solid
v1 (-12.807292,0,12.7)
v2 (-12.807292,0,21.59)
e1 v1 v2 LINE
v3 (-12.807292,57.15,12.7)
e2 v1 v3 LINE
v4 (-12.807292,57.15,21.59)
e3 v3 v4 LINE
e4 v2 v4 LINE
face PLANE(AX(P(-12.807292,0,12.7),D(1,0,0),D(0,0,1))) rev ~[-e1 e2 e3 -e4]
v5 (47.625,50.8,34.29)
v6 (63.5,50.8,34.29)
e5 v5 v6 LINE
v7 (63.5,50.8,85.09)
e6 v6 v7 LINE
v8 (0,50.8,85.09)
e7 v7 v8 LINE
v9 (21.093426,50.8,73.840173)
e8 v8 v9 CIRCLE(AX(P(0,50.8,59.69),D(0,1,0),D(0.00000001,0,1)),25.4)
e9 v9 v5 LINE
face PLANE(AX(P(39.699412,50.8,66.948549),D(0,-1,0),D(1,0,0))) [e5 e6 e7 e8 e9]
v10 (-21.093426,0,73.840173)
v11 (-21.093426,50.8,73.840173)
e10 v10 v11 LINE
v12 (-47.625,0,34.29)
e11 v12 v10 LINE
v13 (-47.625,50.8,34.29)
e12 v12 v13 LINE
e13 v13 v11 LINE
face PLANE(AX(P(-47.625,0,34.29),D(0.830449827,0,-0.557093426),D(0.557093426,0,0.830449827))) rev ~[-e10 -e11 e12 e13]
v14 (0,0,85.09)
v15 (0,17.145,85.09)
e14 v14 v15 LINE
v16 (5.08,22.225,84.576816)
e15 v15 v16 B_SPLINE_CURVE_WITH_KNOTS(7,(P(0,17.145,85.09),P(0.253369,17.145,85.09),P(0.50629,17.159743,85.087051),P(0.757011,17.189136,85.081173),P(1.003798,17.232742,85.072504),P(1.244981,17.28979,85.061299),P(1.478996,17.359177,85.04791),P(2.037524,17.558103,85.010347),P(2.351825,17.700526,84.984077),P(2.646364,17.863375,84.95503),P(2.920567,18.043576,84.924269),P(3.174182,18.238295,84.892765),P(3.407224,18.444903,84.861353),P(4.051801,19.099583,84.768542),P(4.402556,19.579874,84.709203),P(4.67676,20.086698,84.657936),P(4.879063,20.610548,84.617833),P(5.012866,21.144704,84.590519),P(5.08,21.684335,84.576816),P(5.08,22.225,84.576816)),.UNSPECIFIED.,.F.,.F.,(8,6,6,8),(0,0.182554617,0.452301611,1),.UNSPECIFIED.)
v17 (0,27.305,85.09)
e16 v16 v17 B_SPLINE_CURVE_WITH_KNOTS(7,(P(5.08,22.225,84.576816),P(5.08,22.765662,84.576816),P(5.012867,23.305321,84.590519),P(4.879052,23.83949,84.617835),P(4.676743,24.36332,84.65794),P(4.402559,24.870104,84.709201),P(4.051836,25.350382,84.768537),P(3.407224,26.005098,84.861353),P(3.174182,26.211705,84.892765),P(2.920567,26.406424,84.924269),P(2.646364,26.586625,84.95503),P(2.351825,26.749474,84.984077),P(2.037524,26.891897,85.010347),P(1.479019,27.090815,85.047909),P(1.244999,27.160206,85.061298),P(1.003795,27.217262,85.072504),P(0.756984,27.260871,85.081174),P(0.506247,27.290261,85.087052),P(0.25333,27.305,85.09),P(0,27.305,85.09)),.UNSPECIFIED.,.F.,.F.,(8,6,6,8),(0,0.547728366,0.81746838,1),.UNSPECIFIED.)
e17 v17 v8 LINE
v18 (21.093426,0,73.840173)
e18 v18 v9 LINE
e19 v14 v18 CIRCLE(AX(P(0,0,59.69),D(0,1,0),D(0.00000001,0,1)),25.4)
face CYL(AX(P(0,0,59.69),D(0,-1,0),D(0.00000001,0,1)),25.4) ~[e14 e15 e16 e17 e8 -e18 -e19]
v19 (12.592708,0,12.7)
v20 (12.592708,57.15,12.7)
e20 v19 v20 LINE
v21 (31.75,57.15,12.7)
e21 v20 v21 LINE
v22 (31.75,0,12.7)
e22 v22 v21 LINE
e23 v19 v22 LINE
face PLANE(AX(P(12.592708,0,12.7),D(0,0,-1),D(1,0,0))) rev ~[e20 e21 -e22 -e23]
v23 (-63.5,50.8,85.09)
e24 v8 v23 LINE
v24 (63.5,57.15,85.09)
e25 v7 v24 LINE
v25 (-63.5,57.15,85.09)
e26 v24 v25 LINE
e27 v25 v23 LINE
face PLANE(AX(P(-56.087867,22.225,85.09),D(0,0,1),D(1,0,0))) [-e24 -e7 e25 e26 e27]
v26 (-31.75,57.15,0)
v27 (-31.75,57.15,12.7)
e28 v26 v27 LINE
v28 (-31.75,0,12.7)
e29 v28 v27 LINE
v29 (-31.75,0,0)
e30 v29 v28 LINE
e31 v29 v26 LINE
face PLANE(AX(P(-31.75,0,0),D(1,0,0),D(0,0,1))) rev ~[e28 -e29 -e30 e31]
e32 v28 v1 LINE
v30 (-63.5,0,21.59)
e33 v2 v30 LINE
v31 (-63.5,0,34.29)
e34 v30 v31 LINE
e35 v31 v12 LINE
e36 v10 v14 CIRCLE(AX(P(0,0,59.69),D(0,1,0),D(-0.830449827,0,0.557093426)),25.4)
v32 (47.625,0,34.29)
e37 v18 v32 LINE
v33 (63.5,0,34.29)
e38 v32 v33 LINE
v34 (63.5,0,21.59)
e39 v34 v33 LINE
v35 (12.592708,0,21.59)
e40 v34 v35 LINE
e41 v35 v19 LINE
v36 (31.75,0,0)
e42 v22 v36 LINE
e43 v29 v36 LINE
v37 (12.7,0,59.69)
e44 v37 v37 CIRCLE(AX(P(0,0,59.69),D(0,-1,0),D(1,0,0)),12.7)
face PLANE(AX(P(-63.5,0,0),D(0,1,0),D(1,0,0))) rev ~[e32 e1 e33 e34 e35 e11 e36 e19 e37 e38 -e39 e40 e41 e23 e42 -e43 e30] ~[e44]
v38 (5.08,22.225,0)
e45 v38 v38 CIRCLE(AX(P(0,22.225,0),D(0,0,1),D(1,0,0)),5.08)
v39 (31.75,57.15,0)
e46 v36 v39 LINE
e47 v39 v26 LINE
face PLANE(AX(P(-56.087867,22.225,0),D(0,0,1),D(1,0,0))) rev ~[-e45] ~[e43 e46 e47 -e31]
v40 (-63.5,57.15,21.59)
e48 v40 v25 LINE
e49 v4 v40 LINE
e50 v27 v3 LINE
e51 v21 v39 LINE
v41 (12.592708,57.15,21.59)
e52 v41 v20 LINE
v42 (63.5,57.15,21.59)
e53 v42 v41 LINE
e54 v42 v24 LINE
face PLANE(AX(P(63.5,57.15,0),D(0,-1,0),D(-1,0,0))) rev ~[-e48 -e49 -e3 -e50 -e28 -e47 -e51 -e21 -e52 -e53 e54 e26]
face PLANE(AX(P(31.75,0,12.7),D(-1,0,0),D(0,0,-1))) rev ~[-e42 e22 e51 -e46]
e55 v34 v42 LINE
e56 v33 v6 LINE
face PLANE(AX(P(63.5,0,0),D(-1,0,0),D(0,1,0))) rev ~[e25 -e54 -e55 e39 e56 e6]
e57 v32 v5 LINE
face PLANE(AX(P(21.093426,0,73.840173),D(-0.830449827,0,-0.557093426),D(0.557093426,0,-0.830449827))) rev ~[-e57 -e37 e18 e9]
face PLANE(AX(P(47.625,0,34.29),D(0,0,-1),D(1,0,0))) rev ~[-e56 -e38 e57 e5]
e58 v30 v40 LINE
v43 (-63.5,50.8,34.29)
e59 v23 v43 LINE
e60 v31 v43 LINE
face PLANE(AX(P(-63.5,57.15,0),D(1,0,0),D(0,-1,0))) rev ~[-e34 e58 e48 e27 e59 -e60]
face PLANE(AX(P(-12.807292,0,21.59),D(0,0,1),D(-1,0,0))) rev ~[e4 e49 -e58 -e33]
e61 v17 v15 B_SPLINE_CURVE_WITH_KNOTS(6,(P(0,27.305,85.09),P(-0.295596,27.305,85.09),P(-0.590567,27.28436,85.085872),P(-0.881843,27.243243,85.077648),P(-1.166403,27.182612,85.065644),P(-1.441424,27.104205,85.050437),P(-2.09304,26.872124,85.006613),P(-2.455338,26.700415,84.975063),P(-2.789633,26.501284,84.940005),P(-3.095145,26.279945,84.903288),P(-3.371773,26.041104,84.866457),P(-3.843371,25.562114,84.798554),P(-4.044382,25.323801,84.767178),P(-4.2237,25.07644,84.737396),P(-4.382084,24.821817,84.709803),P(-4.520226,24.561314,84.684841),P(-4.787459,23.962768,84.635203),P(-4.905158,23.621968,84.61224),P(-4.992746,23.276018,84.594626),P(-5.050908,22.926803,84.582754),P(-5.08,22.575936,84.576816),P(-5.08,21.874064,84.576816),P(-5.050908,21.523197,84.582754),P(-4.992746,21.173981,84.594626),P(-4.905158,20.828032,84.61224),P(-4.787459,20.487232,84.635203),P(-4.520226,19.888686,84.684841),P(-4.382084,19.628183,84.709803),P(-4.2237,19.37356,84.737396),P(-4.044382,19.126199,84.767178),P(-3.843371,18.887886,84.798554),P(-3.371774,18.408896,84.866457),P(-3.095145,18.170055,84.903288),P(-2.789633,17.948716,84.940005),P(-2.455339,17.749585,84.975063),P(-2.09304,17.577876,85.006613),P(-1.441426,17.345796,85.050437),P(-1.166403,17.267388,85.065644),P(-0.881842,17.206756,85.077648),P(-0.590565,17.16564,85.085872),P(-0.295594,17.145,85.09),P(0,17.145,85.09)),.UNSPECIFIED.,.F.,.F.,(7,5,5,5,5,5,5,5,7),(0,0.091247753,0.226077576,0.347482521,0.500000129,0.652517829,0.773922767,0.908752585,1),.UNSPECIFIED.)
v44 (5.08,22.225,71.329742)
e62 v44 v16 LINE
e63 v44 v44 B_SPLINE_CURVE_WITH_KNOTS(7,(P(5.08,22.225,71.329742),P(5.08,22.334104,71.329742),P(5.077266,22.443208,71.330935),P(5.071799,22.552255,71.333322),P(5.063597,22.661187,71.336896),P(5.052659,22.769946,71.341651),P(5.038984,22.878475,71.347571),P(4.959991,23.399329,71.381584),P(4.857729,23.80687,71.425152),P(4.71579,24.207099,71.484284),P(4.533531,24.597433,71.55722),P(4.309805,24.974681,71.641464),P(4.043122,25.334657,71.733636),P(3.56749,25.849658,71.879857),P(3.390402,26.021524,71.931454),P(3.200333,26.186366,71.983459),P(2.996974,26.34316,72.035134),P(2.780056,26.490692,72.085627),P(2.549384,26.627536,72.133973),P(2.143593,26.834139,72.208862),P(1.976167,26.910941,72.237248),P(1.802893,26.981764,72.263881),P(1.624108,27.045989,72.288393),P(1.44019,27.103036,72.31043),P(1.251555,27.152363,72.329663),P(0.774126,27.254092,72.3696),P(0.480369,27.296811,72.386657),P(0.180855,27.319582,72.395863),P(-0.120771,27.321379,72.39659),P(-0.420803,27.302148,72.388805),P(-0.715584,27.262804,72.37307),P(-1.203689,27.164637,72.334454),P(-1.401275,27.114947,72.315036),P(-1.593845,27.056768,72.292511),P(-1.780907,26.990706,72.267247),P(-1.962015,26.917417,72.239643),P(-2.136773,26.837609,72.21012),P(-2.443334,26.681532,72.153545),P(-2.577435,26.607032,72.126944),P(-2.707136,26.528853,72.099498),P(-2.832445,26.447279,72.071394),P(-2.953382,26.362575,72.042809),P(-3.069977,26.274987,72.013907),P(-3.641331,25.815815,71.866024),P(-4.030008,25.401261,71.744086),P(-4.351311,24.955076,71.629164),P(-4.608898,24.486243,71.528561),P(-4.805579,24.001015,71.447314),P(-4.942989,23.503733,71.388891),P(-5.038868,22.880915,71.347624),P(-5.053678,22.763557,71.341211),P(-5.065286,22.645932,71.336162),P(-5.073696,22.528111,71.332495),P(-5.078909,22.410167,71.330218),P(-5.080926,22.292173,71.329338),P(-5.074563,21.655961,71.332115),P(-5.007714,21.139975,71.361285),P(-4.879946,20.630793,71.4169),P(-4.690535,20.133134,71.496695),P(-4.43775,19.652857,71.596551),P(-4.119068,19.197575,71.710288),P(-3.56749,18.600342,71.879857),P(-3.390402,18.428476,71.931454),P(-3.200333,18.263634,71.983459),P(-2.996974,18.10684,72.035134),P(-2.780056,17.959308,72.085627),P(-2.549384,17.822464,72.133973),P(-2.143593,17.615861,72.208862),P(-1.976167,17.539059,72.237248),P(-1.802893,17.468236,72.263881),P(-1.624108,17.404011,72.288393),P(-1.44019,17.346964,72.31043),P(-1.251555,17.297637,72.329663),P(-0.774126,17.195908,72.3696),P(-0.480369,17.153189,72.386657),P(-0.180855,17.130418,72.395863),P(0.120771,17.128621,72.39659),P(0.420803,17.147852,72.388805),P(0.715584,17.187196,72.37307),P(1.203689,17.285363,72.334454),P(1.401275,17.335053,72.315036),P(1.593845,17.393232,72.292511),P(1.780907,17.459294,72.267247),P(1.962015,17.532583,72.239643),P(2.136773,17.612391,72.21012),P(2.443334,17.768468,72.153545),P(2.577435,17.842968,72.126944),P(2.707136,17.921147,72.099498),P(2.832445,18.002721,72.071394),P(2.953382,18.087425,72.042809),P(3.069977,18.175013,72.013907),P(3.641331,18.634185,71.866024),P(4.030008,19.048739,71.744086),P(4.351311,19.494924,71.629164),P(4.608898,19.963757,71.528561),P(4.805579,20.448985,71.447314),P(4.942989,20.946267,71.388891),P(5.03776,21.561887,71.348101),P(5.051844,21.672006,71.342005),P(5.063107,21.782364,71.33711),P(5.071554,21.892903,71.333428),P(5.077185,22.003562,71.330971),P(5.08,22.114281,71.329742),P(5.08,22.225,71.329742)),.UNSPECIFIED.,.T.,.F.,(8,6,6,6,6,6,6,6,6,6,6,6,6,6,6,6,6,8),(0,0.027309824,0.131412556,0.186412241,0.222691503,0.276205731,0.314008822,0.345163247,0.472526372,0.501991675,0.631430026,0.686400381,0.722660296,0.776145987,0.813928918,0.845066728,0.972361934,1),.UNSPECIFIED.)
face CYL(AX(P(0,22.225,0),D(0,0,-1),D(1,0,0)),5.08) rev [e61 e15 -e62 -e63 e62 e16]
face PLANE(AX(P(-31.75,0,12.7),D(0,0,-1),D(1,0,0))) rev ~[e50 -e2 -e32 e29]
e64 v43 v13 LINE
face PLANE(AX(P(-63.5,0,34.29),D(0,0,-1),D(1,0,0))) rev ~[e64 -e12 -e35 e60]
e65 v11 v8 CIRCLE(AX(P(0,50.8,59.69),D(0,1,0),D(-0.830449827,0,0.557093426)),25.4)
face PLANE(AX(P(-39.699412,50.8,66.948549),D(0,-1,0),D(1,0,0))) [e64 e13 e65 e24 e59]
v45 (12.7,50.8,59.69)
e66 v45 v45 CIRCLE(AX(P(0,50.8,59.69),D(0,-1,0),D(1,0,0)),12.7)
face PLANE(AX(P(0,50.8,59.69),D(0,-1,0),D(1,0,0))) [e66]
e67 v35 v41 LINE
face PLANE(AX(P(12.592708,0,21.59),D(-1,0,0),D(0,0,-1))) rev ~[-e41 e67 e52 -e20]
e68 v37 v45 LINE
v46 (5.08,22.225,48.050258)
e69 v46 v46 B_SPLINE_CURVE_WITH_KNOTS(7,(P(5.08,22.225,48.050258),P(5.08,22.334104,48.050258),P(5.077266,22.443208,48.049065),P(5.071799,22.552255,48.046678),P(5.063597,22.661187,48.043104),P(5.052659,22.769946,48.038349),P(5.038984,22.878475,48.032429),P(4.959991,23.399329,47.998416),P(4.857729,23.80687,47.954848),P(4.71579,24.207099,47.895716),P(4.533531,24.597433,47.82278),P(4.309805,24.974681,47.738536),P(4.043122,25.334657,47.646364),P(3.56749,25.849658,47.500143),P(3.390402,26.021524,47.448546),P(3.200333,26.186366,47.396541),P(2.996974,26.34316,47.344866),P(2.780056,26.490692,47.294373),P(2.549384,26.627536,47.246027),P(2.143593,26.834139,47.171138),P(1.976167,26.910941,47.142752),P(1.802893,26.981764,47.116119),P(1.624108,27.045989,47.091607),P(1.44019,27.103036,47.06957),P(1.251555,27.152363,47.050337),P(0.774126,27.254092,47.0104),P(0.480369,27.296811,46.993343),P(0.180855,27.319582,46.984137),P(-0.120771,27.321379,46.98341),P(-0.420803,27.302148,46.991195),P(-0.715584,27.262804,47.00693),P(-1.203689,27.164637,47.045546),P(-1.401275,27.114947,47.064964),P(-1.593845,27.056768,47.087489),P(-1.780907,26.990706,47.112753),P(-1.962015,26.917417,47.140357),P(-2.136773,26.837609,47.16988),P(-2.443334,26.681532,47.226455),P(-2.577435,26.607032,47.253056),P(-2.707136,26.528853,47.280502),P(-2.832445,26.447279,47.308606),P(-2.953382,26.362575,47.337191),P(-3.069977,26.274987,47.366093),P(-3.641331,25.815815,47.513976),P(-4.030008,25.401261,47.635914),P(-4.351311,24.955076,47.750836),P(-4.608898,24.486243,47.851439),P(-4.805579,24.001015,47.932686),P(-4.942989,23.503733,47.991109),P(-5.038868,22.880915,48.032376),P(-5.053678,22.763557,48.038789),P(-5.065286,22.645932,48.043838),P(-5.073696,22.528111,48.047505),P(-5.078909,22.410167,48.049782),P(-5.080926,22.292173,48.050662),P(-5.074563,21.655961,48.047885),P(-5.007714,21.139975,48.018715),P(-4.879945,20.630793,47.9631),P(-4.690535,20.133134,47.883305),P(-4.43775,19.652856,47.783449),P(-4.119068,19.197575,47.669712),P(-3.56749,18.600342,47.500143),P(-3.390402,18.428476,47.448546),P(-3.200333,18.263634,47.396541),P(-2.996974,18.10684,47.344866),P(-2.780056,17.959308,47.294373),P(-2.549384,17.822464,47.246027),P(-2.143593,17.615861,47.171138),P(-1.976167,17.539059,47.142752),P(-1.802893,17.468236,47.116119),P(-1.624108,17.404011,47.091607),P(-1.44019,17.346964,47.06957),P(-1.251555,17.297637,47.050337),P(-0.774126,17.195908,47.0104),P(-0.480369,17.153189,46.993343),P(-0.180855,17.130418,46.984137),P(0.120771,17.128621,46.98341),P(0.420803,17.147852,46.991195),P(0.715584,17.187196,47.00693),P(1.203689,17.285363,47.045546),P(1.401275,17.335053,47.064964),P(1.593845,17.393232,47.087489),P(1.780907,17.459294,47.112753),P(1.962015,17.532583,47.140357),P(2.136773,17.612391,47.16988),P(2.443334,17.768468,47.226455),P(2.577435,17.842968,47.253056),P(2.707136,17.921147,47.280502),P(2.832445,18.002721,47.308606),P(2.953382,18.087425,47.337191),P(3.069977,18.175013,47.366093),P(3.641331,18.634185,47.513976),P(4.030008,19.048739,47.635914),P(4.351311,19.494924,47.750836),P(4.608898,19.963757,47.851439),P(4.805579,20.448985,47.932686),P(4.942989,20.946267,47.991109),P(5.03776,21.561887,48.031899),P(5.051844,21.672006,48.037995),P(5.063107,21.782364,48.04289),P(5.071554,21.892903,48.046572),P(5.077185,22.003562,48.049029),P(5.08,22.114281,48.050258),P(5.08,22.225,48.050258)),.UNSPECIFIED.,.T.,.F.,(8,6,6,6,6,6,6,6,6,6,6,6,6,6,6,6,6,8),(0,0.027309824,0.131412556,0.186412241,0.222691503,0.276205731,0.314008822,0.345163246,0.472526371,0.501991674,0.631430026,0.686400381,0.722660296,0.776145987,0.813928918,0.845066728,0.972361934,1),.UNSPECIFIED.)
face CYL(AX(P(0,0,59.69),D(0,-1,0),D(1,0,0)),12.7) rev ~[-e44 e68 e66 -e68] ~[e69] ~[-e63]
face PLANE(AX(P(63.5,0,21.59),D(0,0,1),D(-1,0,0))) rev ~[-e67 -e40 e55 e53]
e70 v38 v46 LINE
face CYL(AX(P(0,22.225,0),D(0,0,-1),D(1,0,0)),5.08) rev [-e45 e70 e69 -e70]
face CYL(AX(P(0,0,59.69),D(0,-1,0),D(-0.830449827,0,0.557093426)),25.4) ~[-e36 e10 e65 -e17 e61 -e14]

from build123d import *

# Parameters (mm, degrees)
F0_W     = 14.8242654502
F0_H     = 44.45
F0_W_2   = 95.25
F0_R     = 5.08
F0_W_3   = 16.9257345498
F1_DEPTH = 85.09
F2_R     = 12.7
F3_DEPTH = 50.8
F4_DEPTH = 50.8
F5_DEPTH = 57.151


with BuildPart() as f1:
    # F0 (on Top) → F1 (new body)
    with BuildSketch(Plane.XY):
        with Locations((-56.0878672749, 22.225)):
            Rectangle(F0_W, F0_H)
        with Locations((-1.0507345498, 22.225)):
            Rectangle(F0_W_2, F0_H)
        with Locations((0, 22.225)):
            Circle(F0_R, mode=Mode.SUBTRACT)
        Polygon((-63.5, 57.15), (-63.5, 44.45), (-48.6757345498, 44.45), (46.5742654502, 44.45), (63.5, 44.45), (63.5, 57.15), align=None)
        with Locations((55.0371327251, 22.225)):
            Rectangle(F0_W_3, F0_H)
    extrude(amount=F1_DEPTH)

    # F2 (on face) → F3 (cut)
    with BuildSketch(Plane.XZ):
        with Locations((0, 59.69)):
            Circle(F2_R)
    extrude(amount=-F3_DEPTH, mode=Mode.SUBTRACT)

    # F2 (on face) → F4 (cut)
    with BuildSketch(Plane.XZ):
        with BuildLine():
            Line((-63.5, 85.09), (-63.5, 34.29))
            Line((-63.5, 34.29), (-47.625, 34.29))
            Line((-47.625, 34.29), (-21.0934256055, 73.8401730104))
            ThreePointArc((-21.0934256055, 73.8401730104), (-11.9529410666, 82.1017647645), (2.49e-07, 85.09))
            Line((2.49e-07, 85.09), (-63.5, 85.09))
        make_face()
        with BuildLine():
            Line((47.625, 34.29), (63.5, 34.29))
            Line((63.5, 34.29), (63.5, 85.09))
            Line((63.5, 85.09), (2.49e-07, 85.09))
            ThreePointArc((2.49e-07, 85.09), (11.9529412863, 82.1017646473), (21.0934256055, 73.8401730104))
            Line((21.0934256055, 73.8401730104), (47.625, 34.29))
        make_face()
    extrude(amount=-F4_DEPTH, mode=Mode.SUBTRACT)

    # F2 (on face) → F5 (cut, through all)
    with BuildSketch(Plane.XZ):
        Polygon((-63.5, 0), (-31.75, 0), (-31.75, 12.7), (-12.8072916996, 12.7), (-12.8072916996, 21.59), (-63.5, 21.59), align=None)
        Polygon((31.75, 12.7), (31.75, 0), (63.5, 0), (63.5, 21.59), (12.5927083004, 21.59), (12.5927083004, 12.7), align=None)
    extrude(amount=-F5_DEPTH, mode=Mode.SUBTRACT)


solid = f1.part
